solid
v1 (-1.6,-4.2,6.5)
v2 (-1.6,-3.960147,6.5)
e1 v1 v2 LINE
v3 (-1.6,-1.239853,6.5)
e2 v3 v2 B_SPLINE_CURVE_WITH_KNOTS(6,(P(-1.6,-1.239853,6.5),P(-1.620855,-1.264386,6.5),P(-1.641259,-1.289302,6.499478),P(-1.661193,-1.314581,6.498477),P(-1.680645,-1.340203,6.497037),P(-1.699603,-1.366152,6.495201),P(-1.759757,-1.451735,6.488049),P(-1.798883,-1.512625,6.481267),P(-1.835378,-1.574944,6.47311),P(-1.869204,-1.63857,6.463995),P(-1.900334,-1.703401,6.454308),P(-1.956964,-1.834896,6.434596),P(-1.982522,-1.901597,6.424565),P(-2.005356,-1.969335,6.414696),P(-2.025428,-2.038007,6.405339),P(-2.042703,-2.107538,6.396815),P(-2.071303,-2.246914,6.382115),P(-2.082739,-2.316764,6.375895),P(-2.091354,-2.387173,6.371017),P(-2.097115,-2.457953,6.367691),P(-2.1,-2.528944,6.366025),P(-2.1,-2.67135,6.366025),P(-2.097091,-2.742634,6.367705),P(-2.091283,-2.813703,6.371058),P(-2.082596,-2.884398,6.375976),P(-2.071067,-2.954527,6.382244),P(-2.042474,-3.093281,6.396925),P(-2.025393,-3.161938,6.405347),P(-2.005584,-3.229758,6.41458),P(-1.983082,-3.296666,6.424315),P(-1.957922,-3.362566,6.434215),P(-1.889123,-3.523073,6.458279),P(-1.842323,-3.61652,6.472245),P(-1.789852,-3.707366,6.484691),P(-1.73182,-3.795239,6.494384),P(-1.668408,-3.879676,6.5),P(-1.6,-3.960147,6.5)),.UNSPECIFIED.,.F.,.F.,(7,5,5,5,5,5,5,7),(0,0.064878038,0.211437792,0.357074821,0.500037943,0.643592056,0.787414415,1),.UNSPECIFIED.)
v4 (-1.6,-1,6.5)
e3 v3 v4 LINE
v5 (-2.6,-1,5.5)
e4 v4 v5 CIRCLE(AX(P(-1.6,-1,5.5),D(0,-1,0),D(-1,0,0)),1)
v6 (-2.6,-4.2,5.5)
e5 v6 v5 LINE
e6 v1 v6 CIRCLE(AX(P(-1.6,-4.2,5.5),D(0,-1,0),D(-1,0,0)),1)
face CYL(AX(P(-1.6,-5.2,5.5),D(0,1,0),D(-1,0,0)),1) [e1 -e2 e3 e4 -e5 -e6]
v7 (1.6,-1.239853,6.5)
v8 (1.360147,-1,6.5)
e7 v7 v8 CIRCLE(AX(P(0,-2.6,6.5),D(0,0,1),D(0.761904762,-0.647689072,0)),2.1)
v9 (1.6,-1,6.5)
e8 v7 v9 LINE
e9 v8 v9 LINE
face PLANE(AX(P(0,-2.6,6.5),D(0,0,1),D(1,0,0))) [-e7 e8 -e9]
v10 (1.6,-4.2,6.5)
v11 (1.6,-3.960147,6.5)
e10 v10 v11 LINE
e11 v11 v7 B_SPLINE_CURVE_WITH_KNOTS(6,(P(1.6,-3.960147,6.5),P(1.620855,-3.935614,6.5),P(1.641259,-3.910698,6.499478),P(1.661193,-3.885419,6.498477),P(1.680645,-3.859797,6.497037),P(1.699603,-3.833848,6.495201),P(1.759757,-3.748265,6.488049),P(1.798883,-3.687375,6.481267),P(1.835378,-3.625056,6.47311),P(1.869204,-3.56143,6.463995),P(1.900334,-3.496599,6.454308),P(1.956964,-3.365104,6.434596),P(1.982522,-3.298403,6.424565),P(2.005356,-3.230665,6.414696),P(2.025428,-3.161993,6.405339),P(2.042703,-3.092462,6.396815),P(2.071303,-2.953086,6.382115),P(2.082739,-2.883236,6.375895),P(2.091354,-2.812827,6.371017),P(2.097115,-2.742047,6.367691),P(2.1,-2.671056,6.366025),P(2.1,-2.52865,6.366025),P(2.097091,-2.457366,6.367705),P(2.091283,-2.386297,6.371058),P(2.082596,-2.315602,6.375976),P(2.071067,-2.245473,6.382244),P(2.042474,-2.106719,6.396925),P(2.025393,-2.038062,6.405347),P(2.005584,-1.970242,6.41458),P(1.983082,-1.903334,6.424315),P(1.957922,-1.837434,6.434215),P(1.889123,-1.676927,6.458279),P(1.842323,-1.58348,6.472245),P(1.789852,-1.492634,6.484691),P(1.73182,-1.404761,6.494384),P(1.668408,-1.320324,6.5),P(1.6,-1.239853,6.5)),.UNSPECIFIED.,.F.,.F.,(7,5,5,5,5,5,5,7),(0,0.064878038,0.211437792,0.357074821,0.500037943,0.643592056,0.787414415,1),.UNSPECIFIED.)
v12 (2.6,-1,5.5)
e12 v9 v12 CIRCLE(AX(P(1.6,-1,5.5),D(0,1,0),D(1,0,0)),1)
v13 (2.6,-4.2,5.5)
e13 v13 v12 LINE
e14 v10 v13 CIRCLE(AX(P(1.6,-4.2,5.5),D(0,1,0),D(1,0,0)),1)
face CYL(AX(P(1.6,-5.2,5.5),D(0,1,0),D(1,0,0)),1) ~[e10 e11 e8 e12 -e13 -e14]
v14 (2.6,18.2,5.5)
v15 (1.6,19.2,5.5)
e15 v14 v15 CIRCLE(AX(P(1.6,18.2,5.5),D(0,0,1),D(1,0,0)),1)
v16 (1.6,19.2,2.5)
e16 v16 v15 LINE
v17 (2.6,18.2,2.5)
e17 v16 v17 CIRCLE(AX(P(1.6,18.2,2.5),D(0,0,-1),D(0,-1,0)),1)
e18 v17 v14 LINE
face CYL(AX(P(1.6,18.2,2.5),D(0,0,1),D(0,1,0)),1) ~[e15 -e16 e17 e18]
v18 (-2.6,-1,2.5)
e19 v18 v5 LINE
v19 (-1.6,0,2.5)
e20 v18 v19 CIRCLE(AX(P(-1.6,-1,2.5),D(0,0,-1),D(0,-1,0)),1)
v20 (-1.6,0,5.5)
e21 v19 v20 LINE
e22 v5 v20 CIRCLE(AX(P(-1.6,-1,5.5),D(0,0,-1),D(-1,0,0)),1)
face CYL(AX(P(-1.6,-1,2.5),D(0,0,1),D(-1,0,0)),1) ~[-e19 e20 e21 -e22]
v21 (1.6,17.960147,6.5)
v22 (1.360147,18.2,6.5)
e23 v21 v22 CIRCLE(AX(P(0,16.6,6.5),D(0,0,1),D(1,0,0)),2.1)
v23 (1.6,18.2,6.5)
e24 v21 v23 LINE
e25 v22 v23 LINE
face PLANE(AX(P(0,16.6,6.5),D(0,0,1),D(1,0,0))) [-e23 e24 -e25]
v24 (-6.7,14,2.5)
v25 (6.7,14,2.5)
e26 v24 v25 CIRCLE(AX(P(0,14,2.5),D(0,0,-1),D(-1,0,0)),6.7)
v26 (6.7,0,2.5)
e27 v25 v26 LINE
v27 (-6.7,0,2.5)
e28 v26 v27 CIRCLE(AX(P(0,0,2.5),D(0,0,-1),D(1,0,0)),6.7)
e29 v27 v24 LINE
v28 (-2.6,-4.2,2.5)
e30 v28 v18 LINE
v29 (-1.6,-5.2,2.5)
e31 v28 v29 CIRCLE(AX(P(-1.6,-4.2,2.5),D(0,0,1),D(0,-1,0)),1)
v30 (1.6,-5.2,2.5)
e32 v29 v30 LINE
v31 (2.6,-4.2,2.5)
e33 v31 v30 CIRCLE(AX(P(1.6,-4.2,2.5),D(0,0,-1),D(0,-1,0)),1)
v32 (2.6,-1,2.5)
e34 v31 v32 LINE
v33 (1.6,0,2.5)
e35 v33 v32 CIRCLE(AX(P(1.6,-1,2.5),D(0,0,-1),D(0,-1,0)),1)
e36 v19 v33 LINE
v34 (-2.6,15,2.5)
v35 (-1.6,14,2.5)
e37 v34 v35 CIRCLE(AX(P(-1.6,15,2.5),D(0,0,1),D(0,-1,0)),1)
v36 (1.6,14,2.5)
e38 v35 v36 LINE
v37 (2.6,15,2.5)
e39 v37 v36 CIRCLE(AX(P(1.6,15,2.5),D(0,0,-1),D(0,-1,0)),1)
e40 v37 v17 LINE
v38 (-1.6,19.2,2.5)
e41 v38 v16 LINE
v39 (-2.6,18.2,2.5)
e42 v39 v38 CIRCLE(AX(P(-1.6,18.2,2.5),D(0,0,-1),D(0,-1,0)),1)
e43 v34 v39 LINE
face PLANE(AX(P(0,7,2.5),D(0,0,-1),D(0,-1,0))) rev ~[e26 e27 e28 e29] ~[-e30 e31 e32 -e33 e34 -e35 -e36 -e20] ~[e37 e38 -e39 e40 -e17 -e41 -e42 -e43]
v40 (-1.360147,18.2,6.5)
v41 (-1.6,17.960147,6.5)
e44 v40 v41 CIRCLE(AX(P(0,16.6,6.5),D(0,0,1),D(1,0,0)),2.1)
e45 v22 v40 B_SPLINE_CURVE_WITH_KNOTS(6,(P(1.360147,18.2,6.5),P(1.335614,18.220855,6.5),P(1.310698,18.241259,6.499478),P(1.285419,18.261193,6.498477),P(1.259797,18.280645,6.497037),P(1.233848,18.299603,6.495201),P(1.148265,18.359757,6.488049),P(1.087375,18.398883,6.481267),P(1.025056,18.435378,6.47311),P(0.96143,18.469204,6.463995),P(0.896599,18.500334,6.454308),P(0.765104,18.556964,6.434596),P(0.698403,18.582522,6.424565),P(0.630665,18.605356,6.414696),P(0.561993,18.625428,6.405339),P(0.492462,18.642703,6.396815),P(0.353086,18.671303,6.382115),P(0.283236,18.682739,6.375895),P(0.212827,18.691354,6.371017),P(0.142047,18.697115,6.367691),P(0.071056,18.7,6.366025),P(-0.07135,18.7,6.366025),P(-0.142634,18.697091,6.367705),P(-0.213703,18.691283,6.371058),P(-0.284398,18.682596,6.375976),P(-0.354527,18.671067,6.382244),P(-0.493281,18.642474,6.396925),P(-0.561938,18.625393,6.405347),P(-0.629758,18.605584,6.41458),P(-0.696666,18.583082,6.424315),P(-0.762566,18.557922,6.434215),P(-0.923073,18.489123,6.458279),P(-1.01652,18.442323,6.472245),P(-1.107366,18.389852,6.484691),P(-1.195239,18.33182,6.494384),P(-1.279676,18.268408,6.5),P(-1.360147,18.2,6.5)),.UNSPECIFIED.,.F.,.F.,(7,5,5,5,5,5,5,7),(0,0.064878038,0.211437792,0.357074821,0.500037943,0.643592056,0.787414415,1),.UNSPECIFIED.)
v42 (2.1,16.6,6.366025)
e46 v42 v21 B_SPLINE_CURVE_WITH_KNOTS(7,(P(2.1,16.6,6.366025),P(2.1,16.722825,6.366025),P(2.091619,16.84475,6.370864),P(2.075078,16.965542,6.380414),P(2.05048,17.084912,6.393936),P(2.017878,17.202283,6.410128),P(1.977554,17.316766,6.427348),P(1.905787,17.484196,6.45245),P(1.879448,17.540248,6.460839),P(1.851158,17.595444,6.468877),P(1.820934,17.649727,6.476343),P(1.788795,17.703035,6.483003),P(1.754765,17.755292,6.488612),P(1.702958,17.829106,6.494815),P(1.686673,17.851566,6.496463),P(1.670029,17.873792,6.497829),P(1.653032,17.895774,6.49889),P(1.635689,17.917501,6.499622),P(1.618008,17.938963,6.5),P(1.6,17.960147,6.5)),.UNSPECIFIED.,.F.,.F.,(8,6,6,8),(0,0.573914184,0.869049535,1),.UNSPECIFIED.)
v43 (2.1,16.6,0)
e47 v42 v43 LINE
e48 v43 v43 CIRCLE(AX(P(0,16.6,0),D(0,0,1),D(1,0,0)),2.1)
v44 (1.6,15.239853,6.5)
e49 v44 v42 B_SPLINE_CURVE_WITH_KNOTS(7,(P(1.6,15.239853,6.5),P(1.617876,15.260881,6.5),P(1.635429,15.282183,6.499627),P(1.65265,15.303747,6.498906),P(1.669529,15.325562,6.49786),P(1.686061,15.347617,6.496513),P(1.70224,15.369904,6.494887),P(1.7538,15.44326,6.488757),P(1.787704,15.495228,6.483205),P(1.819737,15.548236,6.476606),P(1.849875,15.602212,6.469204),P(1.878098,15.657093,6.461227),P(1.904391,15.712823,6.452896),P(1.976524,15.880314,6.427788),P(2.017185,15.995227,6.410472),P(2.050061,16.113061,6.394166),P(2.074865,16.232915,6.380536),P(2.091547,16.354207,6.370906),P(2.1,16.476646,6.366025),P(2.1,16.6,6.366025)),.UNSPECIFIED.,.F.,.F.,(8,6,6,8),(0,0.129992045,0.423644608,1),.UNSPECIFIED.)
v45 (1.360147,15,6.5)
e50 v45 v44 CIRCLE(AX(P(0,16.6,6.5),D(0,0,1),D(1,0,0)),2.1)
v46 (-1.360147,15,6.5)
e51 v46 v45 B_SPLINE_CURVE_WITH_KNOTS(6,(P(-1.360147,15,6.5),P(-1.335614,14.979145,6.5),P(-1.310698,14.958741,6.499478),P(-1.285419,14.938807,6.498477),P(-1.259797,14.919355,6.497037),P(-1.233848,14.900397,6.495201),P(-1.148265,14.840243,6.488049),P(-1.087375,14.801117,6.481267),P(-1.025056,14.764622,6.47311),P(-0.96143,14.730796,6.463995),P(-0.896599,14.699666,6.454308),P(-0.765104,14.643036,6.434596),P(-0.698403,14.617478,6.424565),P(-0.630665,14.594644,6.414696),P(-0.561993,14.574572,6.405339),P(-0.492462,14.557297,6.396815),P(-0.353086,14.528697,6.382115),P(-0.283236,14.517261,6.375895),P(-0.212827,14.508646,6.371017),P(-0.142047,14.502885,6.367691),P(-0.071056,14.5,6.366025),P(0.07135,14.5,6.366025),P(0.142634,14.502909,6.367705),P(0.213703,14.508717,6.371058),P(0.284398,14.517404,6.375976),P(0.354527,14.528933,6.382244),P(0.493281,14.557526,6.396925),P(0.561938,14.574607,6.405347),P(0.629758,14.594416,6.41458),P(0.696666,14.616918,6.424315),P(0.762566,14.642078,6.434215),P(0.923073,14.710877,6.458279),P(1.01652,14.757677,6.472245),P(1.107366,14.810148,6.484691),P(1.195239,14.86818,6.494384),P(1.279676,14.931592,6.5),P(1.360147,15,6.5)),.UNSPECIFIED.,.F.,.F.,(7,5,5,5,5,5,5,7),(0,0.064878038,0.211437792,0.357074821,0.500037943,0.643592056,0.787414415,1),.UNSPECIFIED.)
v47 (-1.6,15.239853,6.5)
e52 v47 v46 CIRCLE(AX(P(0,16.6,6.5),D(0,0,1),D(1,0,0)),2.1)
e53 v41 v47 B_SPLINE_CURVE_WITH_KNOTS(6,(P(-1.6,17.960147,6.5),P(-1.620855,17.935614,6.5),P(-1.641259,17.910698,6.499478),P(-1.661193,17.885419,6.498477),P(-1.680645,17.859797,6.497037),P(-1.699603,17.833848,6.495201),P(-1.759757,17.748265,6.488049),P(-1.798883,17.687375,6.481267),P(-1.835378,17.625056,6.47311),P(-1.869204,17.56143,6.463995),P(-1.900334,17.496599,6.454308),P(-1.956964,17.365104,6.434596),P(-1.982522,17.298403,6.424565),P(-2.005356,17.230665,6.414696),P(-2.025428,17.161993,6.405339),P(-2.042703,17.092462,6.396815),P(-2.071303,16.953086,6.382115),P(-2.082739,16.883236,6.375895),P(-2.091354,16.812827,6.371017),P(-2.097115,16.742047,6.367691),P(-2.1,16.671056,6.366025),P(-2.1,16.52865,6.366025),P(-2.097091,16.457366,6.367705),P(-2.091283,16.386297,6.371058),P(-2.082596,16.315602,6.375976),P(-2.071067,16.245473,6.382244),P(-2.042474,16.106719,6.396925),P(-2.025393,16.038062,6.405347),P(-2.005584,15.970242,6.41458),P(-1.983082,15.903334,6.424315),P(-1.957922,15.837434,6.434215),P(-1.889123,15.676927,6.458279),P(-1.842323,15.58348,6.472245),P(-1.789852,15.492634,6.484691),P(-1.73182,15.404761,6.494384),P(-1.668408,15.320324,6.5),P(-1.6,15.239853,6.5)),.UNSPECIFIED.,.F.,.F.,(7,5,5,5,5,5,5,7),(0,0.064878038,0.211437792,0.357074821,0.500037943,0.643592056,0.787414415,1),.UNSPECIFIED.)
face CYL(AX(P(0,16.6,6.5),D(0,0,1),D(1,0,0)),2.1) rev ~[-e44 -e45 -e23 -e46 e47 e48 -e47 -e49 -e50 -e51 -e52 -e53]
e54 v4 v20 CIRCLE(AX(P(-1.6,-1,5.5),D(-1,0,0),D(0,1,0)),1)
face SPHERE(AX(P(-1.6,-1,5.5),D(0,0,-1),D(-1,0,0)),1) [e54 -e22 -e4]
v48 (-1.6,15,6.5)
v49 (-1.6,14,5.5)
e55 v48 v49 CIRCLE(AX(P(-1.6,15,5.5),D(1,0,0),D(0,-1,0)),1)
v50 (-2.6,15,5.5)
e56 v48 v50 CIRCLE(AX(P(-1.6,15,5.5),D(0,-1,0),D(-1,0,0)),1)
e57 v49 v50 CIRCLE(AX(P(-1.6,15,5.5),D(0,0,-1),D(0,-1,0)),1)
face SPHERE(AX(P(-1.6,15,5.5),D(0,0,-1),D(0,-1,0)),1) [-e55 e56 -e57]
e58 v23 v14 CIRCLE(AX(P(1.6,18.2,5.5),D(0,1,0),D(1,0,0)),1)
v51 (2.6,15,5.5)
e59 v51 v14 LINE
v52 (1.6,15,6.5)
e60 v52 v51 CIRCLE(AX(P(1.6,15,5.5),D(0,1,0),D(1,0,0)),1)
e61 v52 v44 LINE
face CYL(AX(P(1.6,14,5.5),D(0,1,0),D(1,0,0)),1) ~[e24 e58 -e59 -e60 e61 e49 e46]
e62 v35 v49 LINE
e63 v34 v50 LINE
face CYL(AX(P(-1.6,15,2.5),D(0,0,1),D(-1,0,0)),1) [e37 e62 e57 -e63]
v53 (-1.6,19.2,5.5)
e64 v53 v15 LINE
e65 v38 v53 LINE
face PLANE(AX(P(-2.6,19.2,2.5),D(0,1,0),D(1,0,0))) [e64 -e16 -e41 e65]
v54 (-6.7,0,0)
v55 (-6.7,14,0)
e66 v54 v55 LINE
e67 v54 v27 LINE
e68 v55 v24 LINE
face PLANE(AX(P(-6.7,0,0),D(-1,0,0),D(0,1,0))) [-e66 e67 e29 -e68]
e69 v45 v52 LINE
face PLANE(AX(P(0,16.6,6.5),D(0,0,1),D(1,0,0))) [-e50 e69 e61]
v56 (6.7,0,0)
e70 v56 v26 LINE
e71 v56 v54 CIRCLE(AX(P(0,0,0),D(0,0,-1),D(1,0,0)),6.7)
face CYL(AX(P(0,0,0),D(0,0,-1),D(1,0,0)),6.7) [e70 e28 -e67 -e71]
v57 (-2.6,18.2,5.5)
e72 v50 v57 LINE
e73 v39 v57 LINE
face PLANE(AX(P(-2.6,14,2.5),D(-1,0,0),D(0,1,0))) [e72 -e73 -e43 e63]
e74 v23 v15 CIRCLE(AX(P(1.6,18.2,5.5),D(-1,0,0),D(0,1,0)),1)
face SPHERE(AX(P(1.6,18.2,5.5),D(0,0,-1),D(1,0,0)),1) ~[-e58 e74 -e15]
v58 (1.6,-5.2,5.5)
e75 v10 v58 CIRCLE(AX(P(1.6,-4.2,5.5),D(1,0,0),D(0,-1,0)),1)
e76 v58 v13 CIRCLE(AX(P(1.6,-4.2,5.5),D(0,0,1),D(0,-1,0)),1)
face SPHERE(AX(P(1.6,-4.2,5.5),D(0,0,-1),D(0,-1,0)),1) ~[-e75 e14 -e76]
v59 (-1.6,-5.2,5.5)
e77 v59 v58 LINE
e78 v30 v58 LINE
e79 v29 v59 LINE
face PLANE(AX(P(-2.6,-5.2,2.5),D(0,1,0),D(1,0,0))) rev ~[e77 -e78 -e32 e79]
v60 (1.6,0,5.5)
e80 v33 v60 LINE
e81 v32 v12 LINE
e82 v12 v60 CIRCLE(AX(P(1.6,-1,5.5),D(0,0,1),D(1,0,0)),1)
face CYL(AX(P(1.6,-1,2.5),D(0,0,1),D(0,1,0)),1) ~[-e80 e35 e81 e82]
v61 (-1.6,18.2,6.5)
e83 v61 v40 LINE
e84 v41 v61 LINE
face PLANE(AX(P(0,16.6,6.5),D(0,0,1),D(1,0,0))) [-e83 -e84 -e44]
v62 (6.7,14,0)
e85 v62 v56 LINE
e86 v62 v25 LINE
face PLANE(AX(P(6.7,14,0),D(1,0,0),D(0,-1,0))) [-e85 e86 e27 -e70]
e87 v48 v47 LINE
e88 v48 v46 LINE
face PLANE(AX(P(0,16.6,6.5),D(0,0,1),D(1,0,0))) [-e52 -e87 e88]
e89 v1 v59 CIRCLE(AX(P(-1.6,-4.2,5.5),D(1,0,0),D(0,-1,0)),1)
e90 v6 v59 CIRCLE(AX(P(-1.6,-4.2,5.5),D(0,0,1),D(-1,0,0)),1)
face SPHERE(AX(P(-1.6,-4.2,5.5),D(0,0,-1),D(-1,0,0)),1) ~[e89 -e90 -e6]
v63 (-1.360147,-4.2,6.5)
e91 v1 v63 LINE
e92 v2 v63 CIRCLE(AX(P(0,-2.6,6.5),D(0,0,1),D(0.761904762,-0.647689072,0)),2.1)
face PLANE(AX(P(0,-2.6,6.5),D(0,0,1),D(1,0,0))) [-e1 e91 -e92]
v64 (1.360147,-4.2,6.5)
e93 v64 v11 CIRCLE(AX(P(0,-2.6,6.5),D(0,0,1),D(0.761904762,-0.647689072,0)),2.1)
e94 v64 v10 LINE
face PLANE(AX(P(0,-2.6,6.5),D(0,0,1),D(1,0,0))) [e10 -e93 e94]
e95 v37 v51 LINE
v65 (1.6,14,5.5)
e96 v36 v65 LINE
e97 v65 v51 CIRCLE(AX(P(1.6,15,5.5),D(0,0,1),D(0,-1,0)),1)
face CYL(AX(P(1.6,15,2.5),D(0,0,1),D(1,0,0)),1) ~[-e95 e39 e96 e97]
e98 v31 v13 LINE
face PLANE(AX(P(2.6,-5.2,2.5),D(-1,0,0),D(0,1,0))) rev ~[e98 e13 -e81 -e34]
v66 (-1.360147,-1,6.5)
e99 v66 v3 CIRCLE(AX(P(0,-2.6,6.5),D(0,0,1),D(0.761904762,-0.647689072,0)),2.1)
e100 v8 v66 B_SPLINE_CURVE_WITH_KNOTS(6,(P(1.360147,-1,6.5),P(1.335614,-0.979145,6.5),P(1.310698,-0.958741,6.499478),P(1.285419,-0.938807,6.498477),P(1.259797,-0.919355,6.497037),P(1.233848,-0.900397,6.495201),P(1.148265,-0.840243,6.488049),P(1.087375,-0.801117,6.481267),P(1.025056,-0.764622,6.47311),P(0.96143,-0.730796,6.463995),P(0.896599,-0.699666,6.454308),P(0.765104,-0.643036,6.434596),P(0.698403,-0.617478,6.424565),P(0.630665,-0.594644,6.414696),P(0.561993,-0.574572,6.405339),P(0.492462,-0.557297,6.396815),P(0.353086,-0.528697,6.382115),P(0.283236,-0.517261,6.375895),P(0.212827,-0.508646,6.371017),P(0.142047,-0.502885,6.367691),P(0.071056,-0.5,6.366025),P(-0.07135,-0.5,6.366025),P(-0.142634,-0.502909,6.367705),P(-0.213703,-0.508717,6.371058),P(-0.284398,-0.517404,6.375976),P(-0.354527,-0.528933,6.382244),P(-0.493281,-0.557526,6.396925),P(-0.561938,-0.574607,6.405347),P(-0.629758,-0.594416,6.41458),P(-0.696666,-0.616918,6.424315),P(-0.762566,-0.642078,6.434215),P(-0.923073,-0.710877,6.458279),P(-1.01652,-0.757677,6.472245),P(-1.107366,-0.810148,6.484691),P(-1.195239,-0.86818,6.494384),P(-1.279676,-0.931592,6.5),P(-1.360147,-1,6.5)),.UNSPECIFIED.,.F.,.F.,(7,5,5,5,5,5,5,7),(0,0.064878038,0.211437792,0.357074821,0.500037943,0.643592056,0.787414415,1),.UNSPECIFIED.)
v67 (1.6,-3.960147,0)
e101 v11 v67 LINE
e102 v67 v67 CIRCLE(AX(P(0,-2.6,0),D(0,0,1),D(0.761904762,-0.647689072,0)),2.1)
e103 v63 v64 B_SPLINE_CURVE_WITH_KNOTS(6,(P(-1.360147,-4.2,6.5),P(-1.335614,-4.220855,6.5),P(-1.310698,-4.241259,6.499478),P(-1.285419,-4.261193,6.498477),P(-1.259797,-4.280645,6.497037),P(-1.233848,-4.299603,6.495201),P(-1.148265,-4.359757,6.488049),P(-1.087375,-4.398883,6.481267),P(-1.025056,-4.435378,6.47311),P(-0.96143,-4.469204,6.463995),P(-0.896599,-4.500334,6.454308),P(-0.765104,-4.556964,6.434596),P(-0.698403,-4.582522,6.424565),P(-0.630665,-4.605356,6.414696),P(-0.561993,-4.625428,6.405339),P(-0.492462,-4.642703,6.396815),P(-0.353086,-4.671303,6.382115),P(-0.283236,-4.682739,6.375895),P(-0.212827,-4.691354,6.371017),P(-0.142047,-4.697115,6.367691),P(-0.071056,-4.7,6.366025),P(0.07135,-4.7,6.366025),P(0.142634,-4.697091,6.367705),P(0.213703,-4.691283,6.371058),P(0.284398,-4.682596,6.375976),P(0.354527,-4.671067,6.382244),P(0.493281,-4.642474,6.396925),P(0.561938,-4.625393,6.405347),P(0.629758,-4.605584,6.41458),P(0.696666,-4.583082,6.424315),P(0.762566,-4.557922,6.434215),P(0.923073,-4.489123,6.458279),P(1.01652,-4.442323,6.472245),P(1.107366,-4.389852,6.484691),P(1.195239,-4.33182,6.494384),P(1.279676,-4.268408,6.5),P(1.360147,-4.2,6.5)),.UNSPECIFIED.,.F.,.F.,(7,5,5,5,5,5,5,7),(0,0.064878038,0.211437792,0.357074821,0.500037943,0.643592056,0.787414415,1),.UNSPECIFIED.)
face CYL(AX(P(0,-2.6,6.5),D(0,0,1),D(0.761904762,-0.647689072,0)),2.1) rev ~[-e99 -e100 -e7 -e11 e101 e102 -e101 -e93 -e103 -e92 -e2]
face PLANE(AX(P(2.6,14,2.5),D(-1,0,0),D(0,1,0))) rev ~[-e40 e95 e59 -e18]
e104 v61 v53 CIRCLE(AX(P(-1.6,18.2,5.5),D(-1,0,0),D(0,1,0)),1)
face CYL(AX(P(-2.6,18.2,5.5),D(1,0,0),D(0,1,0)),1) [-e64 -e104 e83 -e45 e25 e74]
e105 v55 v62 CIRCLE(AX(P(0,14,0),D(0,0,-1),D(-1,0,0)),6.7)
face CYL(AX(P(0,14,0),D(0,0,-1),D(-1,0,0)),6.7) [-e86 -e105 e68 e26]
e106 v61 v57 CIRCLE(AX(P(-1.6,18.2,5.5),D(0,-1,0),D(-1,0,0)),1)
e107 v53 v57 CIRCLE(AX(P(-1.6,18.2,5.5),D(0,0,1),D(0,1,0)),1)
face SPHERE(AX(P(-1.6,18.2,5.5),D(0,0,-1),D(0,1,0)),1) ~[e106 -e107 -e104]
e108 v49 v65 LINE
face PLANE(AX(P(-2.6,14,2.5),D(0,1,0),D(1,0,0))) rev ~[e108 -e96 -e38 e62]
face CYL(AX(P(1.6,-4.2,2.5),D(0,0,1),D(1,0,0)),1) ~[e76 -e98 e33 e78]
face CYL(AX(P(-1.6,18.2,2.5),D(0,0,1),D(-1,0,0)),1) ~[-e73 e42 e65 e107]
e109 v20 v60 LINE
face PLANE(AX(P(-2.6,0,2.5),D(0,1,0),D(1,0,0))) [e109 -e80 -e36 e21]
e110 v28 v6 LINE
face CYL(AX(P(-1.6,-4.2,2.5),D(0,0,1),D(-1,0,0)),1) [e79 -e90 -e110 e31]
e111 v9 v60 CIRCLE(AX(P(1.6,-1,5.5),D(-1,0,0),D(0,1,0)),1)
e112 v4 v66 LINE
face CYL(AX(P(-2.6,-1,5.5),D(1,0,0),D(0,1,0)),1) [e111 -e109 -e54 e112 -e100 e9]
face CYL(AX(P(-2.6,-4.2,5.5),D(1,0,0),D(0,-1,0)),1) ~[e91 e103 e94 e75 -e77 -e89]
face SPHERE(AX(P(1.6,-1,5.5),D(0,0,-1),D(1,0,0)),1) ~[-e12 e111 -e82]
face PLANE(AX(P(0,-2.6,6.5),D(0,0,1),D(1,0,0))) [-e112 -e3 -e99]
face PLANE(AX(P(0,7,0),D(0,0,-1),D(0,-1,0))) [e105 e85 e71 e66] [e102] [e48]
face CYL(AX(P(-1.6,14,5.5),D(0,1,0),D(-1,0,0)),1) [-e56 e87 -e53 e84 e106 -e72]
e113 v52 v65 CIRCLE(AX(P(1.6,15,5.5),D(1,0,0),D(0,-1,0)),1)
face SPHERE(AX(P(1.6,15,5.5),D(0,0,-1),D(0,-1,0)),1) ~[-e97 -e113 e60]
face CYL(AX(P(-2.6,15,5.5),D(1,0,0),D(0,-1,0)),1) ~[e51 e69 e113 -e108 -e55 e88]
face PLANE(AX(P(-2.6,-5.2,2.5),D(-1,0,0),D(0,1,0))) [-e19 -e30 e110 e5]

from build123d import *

# Parameters (mm, degrees)
BOSS_EXTRUDE1_DEPTH = 2.5
SKETCH2_W           = 5.2
SKETCH2_H           = 5.2
BOSS_EXTRUDE2_DEPTH = 4
FILLET1_R           = 1
SKETCH3_R           = 2.1
CUT_EXTRUDE1_DEPTH  = 23.707487752


with BuildPart() as part:
    # Sketch1 → Boss-Extrude1 (new body)
    with BuildSketch(Plane(origin=(0, 0, 0), x_dir=(0, 1, 0), z_dir=(0, 0, 1))):
        with BuildLine():
            Line((0, 6.7), (14, 6.7))
            ThreePointArc((14, 6.7), (20.7, 0), (14, -6.7))
            Line((14, -6.7), (0, -6.7))
            ThreePointArc((0, -6.7), (-6.7, 0), (0, 6.7))
        make_face()
    extrude(amount=BOSS_EXTRUDE1_DEPTH)

    # Sketch2 → Boss-Extrude2 (add)
    with BuildSketch(Plane.XY.offset(2.5)):
        with Locations((0, -2.6)):
            Rectangle(SKETCH2_W, SKETCH2_H)
        with Locations((0, 16.6)):
            Rectangle(SKETCH2_W, SKETCH2_H)
    extrude(amount=BOSS_EXTRUDE2_DEPTH)

    # Fillet1
    fillet1_edges = [part.edges().sort_by_distance(p)[0] for p in [
        (-2.6, 0, 4.5),
        (-2.6, -5.2, 4.5),
        (2.6, -5.2, 4.5),
        (2.6, 0, 4.5),
        (-2.6, -2.6, 6.5),
        (0, -5.2, 6.5),
        (2.6, -2.6, 6.5),
        (0, 0, 6.5),
        (-2.6, 14, 4.5),
        (2.6, 14, 4.5),
        (2.6, 19.2, 4.5),
        (-2.6, 19.2, 4.5),
        (0, 14, 6.5),
        (2.6, 16.6, 6.5),
        (0, 19.2, 6.5),
        (-2.6, 16.6, 6.5),
    ]]
    fillet(fillet1_edges, radius=FILLET1_R)

    # Sketch3 → Cut-Extrude1 (cut, through all)
    with BuildSketch(Plane.XY.offset(6.5)):
        with Locations((0, 16.6)):
            Circle(SKETCH3_R)
        with Locations(Location((0, -2.6, 0), (0, 0, 319.632406456))):
            Circle(SKETCH3_R)
    extrude(amount=-CUT_EXTRUDE1_DEPTH, mode=Mode.SUBTRACT)


solid = part.part
